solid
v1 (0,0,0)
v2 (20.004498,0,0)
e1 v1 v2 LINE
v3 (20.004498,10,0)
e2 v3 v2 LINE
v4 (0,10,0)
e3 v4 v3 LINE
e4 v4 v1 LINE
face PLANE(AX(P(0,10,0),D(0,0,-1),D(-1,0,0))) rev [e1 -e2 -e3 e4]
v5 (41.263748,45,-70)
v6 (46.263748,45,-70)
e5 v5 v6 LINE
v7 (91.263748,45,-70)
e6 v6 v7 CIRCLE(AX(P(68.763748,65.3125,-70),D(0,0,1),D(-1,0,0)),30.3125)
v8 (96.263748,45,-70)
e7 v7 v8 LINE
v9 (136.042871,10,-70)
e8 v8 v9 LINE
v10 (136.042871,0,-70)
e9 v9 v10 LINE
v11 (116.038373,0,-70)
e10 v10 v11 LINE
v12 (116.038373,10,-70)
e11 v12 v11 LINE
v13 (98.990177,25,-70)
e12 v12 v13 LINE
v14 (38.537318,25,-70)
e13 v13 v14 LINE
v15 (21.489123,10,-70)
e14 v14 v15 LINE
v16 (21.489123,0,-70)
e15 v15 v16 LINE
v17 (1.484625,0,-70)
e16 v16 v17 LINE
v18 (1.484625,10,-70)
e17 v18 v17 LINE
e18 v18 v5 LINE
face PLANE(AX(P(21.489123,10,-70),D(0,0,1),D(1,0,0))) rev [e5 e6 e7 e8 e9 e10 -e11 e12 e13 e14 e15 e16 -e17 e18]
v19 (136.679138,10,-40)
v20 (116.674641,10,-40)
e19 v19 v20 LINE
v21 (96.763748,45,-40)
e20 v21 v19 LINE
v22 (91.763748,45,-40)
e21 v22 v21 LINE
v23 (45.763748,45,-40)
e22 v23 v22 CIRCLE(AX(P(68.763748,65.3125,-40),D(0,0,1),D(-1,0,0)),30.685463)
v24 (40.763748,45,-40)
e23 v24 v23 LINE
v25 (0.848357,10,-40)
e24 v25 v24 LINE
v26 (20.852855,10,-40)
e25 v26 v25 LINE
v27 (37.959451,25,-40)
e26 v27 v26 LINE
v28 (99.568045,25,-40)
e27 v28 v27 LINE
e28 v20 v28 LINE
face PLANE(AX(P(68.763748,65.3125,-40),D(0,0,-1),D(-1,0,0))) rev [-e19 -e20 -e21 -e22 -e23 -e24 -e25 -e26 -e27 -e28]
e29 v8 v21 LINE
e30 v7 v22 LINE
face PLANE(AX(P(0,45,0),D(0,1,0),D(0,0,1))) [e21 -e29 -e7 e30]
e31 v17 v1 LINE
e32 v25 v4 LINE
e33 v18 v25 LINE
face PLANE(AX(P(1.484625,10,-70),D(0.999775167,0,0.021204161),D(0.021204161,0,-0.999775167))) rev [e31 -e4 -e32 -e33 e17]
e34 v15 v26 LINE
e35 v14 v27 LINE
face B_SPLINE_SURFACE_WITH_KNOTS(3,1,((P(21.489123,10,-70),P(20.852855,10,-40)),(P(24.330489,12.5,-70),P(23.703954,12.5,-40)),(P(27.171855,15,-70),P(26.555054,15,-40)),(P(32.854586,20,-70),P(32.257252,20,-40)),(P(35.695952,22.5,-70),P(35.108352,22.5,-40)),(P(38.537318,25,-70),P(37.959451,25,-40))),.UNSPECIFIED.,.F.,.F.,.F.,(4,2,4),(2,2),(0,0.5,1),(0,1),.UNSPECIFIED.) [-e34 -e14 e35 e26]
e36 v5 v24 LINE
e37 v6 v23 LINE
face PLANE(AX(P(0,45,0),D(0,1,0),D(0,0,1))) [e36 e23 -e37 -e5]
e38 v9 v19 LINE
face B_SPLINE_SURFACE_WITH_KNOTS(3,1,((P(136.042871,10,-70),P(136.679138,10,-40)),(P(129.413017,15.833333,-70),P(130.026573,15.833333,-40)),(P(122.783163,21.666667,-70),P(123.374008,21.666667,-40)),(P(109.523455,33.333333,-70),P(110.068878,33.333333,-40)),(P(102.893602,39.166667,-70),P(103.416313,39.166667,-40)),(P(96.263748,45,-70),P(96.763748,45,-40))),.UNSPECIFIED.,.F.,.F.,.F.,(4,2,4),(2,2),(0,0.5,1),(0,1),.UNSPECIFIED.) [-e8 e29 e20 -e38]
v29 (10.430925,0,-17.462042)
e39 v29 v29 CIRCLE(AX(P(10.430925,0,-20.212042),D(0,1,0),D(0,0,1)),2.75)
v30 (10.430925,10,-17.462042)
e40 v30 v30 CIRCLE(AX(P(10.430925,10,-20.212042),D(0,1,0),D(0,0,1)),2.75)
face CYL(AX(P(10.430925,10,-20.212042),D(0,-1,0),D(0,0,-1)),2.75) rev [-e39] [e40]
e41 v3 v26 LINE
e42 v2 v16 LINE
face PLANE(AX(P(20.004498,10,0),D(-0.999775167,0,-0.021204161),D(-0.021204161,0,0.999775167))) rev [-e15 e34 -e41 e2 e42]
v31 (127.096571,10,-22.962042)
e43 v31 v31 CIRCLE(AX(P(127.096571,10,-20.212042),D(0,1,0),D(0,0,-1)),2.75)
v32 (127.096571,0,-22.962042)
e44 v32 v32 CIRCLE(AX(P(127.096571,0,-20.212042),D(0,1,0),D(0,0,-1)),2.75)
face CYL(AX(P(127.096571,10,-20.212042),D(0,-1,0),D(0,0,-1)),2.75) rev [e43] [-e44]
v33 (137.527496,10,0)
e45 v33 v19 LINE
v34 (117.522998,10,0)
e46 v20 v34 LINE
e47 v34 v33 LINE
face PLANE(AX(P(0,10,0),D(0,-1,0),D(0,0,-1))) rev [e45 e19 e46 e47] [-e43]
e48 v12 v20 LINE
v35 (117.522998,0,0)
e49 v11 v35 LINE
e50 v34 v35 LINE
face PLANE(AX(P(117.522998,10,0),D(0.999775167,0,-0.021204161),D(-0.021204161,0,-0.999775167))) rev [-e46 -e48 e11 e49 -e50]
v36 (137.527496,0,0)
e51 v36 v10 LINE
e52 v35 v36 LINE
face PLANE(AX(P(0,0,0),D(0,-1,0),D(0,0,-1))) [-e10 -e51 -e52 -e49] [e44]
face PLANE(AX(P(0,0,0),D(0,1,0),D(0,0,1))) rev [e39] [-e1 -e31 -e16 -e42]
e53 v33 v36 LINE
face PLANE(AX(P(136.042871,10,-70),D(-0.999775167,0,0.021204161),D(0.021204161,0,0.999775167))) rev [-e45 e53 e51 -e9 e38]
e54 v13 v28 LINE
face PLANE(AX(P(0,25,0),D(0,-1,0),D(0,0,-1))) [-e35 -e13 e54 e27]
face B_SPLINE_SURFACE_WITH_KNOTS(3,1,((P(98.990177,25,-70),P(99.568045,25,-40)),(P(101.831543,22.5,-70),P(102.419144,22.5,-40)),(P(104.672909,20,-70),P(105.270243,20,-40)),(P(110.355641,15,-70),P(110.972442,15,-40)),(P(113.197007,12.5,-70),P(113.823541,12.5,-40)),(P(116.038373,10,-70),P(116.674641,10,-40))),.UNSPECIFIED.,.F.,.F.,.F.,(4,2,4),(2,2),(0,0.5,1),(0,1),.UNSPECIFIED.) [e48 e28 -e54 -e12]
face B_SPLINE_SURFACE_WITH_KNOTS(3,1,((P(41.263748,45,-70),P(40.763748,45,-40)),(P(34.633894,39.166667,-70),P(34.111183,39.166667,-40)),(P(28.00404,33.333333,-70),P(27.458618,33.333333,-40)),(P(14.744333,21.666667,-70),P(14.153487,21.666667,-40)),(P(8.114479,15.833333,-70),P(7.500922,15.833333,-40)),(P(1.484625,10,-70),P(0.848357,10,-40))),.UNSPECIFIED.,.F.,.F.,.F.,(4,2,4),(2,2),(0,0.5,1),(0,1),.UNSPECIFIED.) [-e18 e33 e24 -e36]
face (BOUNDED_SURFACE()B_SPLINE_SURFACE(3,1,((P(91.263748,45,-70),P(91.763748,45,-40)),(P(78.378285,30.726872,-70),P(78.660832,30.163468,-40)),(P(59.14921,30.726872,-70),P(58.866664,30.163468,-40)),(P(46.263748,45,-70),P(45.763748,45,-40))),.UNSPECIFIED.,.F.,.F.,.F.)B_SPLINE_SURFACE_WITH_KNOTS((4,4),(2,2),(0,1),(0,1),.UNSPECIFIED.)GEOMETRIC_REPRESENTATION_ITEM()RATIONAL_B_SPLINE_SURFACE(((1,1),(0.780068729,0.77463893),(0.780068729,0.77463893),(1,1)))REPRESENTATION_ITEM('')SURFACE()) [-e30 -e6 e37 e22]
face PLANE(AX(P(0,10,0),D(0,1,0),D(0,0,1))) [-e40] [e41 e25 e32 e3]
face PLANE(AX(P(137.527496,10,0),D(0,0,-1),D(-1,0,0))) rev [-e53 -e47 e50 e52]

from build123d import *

# Parameters (mm, degrees)
SKETCH1_R             = 2.75
BOSS_EXTRUDE1_DEPTH   = 10
BOSS_EXTRUDE1_2_DEPTH = 10


with BuildPart() as part:
    # Sketch1 → Boss-Extrude1 (new body)
    with BuildSketch(Plane(origin=(0, 0, 0), x_dir=(1, 0, 0), z_dir=(0, 1, 0))):
        Polygon((0, 0), (20.004497681, 0), (21.489122754, 70), (1.484625073, 70), align=None)
        with Locations((10.430924608, 20.212041611)):
            Circle(SKETCH1_R, mode=Mode.SUBTRACT)
    extrude(amount=BOSS_EXTRUDE1_DEPTH)



with BuildPart() as body_2:
    # Sketch1 → Boss-Extrude1 2 (new body)
    with BuildSketch(Plane(origin=(0, 0, 0), x_dir=(1, 0, 0), z_dir=(0, 1, 0))):
        Polygon((116.0383729, 70), (136.042870581, 70), (137.527495654, 0), (117.522997972, 0), align=None)
        with Locations((127.096571045, 20.212041611)):
            Circle(SKETCH1_R, mode=Mode.SUBTRACT)
    extrude(amount=BOSS_EXTRUDE1_2_DEPTH)


with BuildPart() as part_1:
    add(part.part)

    add(body_2.part)  # Loft1 merges body 2
    # Sketch2 → Loft1 section 0
    with BuildSketch(Plane(origin=(0, 0, -70), x_dir=(-1, 0, 0), z_dir=(0, 0, -1))):
        with BuildLine():
            Line((-91.263747827, 45), (-96.263747827, 45))
            Line((-96.263747827, 45), (-136.042870581, 10))
            Line((-136.042870581, 10), (-116.0383729, 10))
            Line((-116.0383729, 10), (-98.990177434, 25))
            Line((-98.990177434, 25), (-38.53731822, 25))
            Line((-38.53731822, 25), (-21.489122754, 10))
            Line((-21.489122754, 10), (-1.484625073, 10))
            Line((-1.484625073, 10), (-41.263747827, 45))
            Line((-41.263747827, 45), (-46.263747827, 45))
            ThreePointArc((-46.263747827, 45), (-68.763747827, 35), (-91.263747827, 45))
        make_face()
    # Sketch3 → Loft1 section 1
    with BuildSketch(Plane(origin=(0, 0, -40), x_dir=(-1, 0, 0), z_dir=(0, 0, -1))):
        with BuildLine():
            Line((-136.679138469, 10), (-96.763747827, 45))
            Line((-96.763747827, 45), (-91.763747827, 45))
            ThreePointArc((-91.763747827, 45), (-68.763747827, 34.627036727), (-45.763747827, 45))
            Line((-45.763747827, 45), (-40.763747827, 45))
            Line((-40.763747827, 45), (-0.848357184, 10))
            Line((-0.848357184, 10), (-20.852854866, 10))
            Line((-20.852854866, 10), (-37.959450855, 25))
            Line((-37.959450855, 25), (-99.568044798, 25))
            Line((-99.568044798, 25), (-116.674640788, 10))
            Line((-116.674640788, 10), (-136.679138469, 10))
        make_face()
    loft()


solid = part_1.part
